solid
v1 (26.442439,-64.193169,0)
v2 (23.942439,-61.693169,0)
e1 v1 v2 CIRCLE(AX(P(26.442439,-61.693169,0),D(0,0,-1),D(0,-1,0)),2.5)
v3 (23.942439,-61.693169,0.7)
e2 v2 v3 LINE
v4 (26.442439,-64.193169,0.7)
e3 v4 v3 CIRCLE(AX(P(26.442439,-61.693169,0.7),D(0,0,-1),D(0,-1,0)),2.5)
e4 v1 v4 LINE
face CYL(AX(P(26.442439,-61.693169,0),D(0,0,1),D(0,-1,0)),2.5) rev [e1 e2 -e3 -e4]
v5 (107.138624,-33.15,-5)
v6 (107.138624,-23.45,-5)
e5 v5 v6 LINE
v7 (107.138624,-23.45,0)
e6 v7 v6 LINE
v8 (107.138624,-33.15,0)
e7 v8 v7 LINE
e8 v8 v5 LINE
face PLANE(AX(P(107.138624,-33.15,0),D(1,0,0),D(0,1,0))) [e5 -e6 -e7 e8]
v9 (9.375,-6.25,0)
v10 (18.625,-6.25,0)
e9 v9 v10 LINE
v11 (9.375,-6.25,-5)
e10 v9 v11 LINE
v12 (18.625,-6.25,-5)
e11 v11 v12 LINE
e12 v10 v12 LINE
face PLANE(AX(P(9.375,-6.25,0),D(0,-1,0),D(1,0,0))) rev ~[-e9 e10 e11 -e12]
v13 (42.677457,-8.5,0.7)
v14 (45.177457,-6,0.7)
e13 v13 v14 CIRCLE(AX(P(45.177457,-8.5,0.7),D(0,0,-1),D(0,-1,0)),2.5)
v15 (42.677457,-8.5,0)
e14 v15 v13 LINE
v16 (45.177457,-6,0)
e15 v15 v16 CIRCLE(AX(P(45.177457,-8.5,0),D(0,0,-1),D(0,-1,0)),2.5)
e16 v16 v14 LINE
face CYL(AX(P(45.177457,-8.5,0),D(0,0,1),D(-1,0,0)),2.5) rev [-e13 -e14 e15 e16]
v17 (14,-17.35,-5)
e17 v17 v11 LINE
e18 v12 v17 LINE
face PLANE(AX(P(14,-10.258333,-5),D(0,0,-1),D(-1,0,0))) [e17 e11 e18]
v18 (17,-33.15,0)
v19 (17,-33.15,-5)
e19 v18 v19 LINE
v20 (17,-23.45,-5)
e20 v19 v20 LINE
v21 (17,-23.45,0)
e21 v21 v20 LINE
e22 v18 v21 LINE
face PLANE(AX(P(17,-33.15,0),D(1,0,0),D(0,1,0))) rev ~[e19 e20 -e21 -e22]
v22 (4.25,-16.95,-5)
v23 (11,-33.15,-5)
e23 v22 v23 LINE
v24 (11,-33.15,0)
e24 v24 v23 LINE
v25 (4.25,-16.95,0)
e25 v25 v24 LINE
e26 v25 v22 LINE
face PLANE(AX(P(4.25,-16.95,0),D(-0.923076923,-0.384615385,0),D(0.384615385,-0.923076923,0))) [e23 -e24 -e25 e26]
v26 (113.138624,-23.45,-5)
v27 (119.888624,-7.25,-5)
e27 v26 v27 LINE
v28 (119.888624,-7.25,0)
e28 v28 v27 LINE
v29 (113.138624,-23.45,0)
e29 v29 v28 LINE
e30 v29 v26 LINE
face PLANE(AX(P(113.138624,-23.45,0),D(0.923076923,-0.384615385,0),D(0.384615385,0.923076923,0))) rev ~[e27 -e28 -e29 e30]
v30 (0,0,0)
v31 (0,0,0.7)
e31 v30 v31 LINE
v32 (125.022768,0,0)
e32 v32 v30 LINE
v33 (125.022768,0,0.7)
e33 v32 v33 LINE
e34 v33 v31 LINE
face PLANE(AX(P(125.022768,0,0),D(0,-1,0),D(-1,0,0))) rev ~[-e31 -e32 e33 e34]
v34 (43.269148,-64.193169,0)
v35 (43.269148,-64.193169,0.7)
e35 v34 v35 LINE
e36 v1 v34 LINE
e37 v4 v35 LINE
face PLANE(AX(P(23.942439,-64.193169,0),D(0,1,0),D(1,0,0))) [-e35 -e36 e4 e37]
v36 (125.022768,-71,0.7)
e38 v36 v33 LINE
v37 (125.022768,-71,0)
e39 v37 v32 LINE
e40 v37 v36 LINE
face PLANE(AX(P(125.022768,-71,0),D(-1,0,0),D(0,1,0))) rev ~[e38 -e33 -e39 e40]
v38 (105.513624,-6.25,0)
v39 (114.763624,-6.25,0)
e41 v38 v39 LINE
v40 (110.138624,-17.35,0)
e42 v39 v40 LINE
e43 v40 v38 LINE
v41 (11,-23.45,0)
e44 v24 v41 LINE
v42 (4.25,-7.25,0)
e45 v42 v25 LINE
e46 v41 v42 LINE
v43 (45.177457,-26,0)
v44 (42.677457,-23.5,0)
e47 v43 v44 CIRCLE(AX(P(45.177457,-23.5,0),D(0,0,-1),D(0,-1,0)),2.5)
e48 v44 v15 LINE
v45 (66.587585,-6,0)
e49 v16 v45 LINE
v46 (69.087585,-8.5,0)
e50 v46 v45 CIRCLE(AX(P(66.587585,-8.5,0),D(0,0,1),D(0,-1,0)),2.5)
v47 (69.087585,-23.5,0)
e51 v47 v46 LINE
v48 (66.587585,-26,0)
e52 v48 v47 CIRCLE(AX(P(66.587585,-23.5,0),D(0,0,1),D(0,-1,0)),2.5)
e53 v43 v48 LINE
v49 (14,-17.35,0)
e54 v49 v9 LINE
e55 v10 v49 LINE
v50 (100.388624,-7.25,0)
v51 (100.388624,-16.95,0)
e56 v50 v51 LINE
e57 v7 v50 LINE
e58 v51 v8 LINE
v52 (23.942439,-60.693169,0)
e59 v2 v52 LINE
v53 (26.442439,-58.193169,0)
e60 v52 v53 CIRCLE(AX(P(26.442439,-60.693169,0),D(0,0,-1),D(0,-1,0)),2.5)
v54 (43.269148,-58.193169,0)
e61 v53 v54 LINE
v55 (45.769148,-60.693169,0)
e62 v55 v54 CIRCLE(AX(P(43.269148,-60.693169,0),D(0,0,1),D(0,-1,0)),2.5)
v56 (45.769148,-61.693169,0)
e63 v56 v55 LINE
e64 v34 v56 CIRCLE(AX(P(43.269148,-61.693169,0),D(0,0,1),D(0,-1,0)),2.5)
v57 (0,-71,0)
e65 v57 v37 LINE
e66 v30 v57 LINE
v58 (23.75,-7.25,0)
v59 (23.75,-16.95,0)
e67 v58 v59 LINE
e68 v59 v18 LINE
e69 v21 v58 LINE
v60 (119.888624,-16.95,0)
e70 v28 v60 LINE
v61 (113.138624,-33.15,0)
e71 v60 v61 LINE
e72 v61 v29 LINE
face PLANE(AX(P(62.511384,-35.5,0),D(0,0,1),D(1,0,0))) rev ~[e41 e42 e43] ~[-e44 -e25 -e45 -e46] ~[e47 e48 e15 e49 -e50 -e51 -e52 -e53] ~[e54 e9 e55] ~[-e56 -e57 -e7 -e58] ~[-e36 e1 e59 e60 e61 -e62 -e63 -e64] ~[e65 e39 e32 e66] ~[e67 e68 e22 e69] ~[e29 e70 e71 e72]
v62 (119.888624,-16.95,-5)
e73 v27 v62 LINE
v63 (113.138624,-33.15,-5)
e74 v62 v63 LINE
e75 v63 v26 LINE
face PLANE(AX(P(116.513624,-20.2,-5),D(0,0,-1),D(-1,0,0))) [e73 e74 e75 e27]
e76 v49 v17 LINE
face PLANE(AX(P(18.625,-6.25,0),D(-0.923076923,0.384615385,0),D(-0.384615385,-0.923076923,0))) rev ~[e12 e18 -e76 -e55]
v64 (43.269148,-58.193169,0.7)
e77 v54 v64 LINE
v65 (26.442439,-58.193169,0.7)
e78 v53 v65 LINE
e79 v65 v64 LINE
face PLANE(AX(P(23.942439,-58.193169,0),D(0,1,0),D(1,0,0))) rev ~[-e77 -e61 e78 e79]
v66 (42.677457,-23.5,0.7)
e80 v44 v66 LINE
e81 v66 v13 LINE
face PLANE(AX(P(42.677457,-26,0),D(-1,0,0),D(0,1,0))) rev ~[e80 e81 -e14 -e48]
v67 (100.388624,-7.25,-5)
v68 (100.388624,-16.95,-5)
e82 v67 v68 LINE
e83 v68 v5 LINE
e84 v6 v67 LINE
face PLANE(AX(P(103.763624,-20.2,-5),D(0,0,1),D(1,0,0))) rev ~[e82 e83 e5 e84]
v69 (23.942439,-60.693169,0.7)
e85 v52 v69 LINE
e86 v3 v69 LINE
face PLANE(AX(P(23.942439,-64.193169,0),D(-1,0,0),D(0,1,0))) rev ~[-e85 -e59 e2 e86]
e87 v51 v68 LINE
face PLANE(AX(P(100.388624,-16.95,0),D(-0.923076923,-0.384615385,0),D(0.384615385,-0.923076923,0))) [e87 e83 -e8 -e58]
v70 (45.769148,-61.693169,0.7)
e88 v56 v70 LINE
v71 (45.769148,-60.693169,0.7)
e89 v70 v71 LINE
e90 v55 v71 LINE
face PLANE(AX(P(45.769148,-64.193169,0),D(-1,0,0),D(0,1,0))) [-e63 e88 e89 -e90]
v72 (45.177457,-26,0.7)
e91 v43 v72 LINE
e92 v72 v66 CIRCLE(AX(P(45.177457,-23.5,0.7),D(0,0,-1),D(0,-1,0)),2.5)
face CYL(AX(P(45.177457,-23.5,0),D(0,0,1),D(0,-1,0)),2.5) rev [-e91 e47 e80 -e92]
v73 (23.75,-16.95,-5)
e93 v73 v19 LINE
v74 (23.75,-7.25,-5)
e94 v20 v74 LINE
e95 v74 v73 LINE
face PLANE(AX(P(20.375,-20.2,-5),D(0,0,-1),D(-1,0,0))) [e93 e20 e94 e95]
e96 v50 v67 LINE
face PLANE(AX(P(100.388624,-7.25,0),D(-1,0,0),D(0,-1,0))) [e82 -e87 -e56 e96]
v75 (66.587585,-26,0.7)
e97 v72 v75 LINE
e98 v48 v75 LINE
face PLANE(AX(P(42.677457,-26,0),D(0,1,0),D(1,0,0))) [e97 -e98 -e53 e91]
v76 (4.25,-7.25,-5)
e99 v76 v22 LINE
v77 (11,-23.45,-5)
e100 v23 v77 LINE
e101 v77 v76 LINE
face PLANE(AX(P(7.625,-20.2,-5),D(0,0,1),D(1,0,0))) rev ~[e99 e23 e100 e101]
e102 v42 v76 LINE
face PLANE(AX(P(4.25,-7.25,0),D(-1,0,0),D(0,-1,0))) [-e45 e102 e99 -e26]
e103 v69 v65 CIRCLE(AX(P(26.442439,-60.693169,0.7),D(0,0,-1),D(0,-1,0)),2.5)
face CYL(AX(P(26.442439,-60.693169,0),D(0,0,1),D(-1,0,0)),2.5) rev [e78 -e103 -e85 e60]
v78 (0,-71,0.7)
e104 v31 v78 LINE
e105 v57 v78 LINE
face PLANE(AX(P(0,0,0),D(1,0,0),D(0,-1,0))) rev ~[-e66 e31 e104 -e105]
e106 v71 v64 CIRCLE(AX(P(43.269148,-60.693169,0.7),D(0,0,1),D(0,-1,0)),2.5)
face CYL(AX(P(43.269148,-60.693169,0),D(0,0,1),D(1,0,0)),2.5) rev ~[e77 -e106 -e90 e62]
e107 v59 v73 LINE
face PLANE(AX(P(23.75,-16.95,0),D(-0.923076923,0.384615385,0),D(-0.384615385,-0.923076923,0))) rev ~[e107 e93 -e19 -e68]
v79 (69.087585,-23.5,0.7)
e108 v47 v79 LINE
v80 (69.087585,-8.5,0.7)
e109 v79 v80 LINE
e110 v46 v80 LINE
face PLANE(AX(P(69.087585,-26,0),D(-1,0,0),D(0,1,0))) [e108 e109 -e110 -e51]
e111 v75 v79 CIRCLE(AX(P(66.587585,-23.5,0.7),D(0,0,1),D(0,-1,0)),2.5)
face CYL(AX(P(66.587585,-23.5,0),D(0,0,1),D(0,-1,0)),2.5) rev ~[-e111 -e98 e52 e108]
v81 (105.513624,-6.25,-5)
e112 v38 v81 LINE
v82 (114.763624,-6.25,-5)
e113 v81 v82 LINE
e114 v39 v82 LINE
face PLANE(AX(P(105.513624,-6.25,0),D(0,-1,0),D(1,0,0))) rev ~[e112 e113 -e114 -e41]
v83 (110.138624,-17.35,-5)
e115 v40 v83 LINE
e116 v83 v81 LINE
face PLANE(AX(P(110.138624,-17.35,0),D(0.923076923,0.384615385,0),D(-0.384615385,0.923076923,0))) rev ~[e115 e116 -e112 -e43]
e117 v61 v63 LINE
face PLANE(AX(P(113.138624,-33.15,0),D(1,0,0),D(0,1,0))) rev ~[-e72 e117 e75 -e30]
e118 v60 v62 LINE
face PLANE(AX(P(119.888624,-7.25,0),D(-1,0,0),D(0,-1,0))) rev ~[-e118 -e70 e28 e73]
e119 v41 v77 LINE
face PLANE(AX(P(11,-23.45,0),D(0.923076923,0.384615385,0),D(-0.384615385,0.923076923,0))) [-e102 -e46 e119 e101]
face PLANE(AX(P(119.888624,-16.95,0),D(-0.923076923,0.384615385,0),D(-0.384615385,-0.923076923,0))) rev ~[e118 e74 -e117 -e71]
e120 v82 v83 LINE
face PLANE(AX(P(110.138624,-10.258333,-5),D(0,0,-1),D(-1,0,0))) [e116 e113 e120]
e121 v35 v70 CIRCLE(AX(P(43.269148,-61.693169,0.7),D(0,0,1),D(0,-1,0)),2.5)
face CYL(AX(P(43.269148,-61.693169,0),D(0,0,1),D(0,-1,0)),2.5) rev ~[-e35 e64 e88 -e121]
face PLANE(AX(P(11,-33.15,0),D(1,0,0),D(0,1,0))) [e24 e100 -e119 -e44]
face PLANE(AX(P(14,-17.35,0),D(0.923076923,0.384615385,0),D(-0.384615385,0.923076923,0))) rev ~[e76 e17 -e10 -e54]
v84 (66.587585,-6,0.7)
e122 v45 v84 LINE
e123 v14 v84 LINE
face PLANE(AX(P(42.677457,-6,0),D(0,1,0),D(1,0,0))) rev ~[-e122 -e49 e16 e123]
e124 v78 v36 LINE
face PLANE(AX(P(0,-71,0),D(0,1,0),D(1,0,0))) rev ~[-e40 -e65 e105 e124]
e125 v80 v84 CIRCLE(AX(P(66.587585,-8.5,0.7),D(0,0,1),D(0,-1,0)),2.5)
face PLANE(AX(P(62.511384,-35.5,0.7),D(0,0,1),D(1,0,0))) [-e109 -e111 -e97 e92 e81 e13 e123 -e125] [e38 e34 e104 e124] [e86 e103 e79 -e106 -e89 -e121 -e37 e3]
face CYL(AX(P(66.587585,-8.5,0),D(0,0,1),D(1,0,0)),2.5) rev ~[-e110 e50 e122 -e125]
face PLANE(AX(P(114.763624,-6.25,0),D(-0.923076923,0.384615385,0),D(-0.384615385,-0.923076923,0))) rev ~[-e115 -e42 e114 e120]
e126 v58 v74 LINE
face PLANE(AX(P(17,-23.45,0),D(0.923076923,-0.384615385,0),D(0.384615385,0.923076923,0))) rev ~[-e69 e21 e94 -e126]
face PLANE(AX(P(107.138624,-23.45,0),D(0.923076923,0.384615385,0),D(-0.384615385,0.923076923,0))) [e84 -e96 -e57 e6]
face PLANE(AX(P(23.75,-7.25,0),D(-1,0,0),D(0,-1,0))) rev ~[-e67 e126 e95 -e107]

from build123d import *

# Parameters (mm, degrees)
SKETCH2_W           = 21.826709
SKETCH2_H           = 6
SKETCH2_W_2         = 26.410128
SKETCH2_H_2         = 20
BOSS_EXTRUDE5_DEPTH = 0.7
BOSS_EXTRUDE6_DEPTH = 5
FILLET1_R           = 2.5


with BuildPart() as part:
    # Sketch2 → Boss-Extrude5 (new body)
    with BuildSketch(Plane.XY):
        Polygon((0, 0), (0, -71), (16.75, -71), (125.022768, -71), (125.022768, 0), align=None)
        with Locations((34.8557935, -61.193169)):
            Rectangle(SKETCH2_W, SKETCH2_H, mode=Mode.SUBTRACT)
        with Locations((55.882521, -16)):
            Rectangle(SKETCH2_W_2, SKETCH2_H_2, mode=Mode.SUBTRACT)
    extrude(amount=BOSS_EXTRUDE5_DEPTH)

    # Sketch2<9> → Boss-Extrude6 (add)
    with BuildSketch(Plane.XY):
        Polygon((113.138624, -23.45), (113.138624, -33.15), (119.888624, -16.95), (119.888624, -7.25), align=None)
        Polygon((100.388624, -7.25), (100.388624, -16.95), (107.138624, -33.15), (107.138624, -23.45), align=None)
        Polygon((114.763624, -6.25), (105.513624, -6.25), (110.138624, -17.35), align=None)
        Polygon((18.625, -6.25), (9.375, -6.25), (14, -17.35), align=None)
        Polygon((11, -23.45), (4.25, -7.25), (4.25, -16.95), (11, -33.15), align=None)
        Polygon((23.75, -16.95), (23.75, -7.25), (17, -23.45), (17, -33.15), align=None)
    extrude(amount=-BOSS_EXTRUDE6_DEPTH)

    # Fillet1
    fillet1_edges = [part.edges().sort_by_distance(p)[0] for p in [
        (23.942439, -64.193169, 0.35),
        (45.769148, -64.193169, 0.35),
        (45.769148, -58.193169, 0.35),
        (23.942439, -58.193169, 0.35),
        (42.677457, -6, 0.35),
        (69.087585, -6, 0.35),
        (42.677457, -26, 0.35),
        (69.087585, -26, 0.35),
    ]]
    fillet(fillet1_edges, radius=FILLET1_R)


solid = part.part
